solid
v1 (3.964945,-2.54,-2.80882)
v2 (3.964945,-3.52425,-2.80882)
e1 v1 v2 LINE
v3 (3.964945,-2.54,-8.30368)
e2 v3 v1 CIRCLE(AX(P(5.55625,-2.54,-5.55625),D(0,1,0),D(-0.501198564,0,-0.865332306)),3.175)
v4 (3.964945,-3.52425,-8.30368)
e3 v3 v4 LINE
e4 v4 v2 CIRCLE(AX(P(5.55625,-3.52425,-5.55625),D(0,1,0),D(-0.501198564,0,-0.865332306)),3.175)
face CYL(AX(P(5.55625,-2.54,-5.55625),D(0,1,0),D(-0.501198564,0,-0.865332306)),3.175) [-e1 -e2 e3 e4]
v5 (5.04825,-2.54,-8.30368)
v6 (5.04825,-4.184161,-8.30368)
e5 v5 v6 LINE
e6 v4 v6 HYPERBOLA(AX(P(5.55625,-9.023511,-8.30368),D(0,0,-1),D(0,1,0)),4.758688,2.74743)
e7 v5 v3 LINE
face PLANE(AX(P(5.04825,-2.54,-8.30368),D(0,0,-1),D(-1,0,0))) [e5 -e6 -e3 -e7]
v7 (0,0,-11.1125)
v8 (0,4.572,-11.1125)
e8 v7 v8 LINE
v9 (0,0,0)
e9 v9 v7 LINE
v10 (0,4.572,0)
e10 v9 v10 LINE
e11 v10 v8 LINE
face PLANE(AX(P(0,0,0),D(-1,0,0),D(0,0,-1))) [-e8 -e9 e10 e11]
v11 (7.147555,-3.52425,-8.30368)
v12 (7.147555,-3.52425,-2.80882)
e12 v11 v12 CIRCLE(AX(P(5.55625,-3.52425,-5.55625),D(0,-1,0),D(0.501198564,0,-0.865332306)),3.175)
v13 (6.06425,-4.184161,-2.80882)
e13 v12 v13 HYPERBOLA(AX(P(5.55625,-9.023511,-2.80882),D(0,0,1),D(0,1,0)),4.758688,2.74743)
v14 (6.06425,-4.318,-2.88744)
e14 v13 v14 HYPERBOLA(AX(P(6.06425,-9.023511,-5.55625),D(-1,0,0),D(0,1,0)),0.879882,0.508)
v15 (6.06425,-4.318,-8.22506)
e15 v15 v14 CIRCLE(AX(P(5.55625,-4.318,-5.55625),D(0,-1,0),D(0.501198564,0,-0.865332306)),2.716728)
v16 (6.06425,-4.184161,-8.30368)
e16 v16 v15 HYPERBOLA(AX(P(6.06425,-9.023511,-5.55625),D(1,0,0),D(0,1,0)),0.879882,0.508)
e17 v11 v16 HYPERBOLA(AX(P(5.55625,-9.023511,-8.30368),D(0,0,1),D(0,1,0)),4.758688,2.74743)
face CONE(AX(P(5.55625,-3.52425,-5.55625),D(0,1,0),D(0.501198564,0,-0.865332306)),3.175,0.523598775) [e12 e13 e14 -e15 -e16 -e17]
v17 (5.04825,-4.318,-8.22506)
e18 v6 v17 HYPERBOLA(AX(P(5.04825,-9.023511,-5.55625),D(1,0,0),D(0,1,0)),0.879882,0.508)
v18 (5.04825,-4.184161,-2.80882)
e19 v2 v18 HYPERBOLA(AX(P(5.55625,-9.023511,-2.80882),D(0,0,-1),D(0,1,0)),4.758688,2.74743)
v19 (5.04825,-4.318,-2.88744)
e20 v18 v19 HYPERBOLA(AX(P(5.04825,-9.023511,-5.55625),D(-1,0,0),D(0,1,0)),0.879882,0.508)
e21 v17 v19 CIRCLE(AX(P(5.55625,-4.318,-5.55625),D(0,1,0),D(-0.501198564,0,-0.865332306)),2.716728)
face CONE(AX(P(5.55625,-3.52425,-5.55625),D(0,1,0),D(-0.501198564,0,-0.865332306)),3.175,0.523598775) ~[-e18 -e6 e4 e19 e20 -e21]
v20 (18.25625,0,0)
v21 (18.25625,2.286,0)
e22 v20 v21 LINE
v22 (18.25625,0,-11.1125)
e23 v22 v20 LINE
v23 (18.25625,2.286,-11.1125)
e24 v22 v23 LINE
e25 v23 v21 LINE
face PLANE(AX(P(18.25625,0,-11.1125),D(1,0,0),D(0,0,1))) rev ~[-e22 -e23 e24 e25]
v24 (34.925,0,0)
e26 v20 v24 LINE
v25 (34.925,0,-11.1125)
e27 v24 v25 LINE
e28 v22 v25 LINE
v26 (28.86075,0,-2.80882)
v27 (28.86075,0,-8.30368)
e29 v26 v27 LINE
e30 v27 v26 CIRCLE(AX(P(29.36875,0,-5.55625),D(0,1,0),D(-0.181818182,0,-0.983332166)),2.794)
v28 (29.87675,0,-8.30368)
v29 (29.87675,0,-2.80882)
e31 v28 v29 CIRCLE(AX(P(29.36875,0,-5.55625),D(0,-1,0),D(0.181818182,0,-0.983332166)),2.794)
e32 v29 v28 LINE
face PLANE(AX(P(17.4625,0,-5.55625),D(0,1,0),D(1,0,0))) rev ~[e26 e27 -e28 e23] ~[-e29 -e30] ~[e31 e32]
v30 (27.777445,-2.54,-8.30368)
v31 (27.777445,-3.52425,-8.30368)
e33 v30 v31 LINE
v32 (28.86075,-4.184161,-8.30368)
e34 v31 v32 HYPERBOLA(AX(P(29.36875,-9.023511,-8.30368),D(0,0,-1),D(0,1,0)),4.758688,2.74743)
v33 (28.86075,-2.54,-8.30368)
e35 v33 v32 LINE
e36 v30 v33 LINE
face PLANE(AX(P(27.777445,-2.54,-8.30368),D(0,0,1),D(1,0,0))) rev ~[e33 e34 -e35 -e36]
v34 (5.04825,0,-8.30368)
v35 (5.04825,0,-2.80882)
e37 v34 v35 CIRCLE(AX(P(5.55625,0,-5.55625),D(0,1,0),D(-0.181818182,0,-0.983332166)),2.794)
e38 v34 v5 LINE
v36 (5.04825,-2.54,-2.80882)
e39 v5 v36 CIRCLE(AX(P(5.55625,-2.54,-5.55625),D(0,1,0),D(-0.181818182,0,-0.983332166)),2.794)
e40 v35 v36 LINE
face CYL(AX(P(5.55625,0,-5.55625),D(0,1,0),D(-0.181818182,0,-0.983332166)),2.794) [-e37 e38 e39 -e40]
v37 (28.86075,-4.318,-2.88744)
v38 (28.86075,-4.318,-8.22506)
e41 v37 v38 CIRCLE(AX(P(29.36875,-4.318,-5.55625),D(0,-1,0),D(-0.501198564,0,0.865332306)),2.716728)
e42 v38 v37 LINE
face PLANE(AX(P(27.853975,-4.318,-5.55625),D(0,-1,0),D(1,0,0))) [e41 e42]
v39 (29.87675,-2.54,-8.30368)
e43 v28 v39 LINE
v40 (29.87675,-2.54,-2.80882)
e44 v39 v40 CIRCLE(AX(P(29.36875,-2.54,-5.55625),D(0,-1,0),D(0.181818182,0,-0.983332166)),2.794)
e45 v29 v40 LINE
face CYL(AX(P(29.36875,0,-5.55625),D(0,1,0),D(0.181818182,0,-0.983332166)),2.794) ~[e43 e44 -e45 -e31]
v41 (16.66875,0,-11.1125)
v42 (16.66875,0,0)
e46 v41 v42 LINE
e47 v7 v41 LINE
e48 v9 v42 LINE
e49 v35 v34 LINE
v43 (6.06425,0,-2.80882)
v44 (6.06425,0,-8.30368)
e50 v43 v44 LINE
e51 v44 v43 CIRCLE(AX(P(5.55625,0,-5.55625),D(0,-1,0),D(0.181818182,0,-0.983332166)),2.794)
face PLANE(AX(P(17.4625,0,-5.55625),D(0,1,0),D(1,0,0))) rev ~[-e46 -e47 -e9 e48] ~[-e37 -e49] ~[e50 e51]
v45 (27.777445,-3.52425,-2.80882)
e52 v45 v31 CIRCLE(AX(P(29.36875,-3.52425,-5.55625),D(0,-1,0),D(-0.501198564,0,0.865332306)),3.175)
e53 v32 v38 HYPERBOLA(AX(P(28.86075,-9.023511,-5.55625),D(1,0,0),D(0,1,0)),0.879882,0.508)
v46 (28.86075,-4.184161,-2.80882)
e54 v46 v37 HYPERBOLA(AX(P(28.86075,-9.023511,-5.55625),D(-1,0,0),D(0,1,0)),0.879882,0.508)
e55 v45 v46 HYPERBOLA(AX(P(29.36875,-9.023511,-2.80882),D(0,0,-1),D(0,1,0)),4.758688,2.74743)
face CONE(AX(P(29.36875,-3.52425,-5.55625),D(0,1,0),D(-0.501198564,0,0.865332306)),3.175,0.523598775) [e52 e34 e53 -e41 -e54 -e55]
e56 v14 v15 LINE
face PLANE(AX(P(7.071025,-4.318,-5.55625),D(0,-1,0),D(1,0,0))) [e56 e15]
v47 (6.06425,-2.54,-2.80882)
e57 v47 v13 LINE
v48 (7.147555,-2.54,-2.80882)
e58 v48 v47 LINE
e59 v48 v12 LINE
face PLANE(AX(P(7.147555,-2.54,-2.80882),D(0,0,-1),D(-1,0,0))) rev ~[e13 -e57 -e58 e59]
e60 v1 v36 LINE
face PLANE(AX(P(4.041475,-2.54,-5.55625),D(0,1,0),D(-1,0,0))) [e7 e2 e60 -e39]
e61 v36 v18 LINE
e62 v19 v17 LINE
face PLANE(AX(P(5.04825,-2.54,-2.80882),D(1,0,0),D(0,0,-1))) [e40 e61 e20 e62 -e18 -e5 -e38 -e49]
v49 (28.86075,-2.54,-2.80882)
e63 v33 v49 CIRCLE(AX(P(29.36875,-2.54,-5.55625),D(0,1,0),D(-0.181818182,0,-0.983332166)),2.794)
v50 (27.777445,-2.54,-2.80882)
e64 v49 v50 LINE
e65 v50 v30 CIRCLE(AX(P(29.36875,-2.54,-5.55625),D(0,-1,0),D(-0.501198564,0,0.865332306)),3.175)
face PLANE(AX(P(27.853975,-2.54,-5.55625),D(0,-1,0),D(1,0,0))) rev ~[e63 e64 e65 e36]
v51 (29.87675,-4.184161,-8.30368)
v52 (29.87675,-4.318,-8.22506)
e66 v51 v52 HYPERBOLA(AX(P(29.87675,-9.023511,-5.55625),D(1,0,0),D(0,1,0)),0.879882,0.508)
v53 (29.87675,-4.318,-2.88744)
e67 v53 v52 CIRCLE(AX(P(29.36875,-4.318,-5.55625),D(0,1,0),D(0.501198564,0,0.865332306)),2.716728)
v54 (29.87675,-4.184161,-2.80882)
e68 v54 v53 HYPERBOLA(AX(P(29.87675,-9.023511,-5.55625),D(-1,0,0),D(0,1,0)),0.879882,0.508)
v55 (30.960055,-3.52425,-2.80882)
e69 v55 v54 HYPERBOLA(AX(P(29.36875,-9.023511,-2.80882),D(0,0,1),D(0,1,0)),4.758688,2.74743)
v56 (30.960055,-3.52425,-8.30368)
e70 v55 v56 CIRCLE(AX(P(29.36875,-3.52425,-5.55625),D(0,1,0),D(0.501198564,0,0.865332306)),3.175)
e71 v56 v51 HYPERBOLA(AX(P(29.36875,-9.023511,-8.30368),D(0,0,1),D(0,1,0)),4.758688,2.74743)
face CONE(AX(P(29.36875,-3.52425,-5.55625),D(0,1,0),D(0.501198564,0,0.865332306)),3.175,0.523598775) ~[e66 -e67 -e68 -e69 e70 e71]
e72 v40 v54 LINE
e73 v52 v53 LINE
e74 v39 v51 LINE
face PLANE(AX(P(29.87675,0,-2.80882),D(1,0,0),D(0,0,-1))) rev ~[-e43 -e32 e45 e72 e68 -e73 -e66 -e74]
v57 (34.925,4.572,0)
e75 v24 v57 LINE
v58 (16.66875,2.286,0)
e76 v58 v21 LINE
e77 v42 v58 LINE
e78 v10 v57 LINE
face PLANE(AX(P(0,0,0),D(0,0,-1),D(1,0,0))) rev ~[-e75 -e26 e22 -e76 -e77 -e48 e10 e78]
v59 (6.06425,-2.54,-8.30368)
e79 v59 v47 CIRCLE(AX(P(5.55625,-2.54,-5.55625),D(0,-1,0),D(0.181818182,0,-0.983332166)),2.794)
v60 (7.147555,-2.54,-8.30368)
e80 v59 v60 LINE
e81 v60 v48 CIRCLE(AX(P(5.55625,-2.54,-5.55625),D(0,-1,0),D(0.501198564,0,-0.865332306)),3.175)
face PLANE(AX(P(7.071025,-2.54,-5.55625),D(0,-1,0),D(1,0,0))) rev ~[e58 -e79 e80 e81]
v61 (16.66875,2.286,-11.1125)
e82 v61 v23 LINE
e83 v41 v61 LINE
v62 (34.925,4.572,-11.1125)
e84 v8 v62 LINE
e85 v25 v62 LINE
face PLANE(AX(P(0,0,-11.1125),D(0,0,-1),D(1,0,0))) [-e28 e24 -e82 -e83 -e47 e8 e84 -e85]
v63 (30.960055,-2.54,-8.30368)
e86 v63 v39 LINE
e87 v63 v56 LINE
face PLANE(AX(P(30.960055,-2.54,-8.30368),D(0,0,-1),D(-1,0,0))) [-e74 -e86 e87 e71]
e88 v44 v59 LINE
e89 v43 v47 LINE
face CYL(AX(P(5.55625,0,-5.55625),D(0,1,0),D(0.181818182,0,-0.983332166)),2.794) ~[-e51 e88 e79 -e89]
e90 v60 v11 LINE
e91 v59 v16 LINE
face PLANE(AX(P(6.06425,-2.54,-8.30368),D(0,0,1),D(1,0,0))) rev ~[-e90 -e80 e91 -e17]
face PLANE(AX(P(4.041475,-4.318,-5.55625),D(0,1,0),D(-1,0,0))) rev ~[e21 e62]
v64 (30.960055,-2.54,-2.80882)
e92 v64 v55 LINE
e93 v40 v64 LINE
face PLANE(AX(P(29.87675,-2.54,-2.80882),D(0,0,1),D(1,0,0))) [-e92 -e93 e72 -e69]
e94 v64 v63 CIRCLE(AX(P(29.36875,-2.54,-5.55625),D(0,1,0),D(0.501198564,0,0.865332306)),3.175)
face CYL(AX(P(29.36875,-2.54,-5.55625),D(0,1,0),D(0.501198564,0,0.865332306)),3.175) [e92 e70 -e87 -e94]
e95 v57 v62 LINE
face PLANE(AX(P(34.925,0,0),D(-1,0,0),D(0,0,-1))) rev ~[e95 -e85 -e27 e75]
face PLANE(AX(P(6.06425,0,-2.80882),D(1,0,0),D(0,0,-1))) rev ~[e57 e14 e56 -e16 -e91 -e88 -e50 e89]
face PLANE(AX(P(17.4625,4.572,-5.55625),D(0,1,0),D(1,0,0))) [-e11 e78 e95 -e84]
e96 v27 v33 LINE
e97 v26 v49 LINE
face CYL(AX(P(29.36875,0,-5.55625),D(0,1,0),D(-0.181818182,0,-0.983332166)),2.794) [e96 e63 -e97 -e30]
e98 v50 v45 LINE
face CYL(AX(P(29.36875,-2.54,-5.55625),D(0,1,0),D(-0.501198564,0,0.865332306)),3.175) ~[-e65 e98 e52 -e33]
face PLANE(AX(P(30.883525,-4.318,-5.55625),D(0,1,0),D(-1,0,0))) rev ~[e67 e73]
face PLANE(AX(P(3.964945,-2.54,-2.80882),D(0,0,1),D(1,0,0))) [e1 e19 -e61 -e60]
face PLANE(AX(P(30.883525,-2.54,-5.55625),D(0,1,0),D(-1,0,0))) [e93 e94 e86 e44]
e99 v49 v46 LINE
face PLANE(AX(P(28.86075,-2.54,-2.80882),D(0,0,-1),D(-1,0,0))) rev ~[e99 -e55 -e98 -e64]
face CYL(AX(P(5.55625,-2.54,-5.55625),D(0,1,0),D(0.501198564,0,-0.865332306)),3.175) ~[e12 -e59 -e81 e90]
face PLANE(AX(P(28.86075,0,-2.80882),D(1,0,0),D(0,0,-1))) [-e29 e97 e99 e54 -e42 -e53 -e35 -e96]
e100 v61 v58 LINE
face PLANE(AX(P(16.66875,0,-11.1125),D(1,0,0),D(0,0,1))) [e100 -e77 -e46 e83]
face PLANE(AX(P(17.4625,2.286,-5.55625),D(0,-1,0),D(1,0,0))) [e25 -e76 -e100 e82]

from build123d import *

# Parameters (mm, degrees)
SKETCH1_W             = 34.925
SKETCH1_H             = 11.1125
BOSS_EXTRUDE1_DEPTH   = 4.572
SKETCH2_W             = 1.5875
SKETCH2_H             = 11.1125
CUT_EXTRUDE1_DEPTH    = 2.286
BOSS_EXTRUDE2_DEPTH   = 2.54
BOSS_EXTRUDE3_DEPTH   = 1.778
CHAMFER1_SIZE         = 0.79375
CHAMFER1_SIZE2        = 0.458271776
CHAMFER1_PART_2_SIZE  = 0.79375
CHAMFER1_PART_2_SIZE2 = 0.458271776
CHAMFER1_PART_3_SIZE  = 0.79375
CHAMFER1_PART_3_SIZE2 = 0.458271776
CHAMFER1_PART_4_SIZE  = 0.79375
CHAMFER1_PART_4_SIZE2 = 0.458271776


with BuildPart() as part:
    # Sketch1 → Boss-Extrude1 (new body)
    with BuildSketch(Plane(origin=(0, 0, 0), x_dir=(1, 0, 0), z_dir=(0, 1, 0))):
        with Locations((17.4625, 5.55625)):
            Rectangle(SKETCH1_W, SKETCH1_H)
    extrude(amount=BOSS_EXTRUDE1_DEPTH)

    # Sketch2 → Cut-Extrude1 (cut)
    with BuildSketch(Plane.XZ):
        with Locations((17.4625, -5.55625)):
            Rectangle(SKETCH2_W, SKETCH2_H)
    extrude(amount=-CUT_EXTRUDE1_DEPTH, mode=Mode.SUBTRACT)

    # Sketch3 → Boss-Extrude2 (add)
    with BuildSketch(Plane.XZ):
        with BuildLine():
            Line((5.04825, -2.808819928), (5.04825, -8.303680072))
            ThreePointArc((5.04825, -8.303680072), (2.76225, -5.55625), (5.04825, -2.808819928))
        make_face()
        with BuildLine():
            Line((6.06425, -2.808819928), (6.06425, -8.303680072))
            ThreePointArc((6.06425, -8.303680072), (8.35025, -5.55625), (6.06425, -2.808819928))
        make_face()
        with BuildLine():
            Line((28.86075, -2.808819928), (28.86075, -8.303680072))
            ThreePointArc((28.86075, -8.303680072), (26.57475, -5.55625), (28.86075, -2.808819928))
        make_face()
        with BuildLine():
            Line((29.87675, -2.808819928), (29.87675, -8.303680072))
            ThreePointArc((29.87675, -8.303680072), (32.16275, -5.55625), (29.87675, -2.808819928))
        make_face()
    extrude(amount=BOSS_EXTRUDE2_DEPTH)

    # Sketch4 → Boss-Extrude3 (add)
    with BuildSketch(Plane.XZ.offset(2.54)):
        with BuildLine():
            Line((5.04825, -2.808819928), (5.04825, -8.303680072))
            Line((5.04825, -8.303680072), (3.964944561, -8.303680072))
            ThreePointArc((3.964944561, -8.303680072), (2.38125, -5.55625), (3.964944561, -2.808819928))
            Line((3.964944561, -2.808819928), (5.04825, -2.808819928))
        make_face()
        with BuildLine():
            Line((6.06425, -2.808819928), (6.06425, -8.303680072))
            Line((6.06425, -8.303680072), (7.147555439, -8.303680072))
            ThreePointArc((7.147555439, -8.303680072), (8.73125, -5.55625), (7.147555439, -2.808819928))
            Line((7.147555439, -2.808819928), (6.06425, -2.808819928))
        make_face()
        with BuildLine():
            Line((28.86075, -2.808819928), (27.777444561, -2.808819928))
            ThreePointArc((27.777444561, -2.808819928), (26.19375, -5.55625), (27.777444561, -8.303680072))
            Line((27.777444561, -8.303680072), (28.86075, -8.303680072))
            Line((28.86075, -8.303680072), (28.86075, -2.808819928))
        make_face()
        with BuildLine():
            Line((29.87675, -2.808819928), (30.960055439, -2.808819928))
            ThreePointArc((30.960055439, -2.808819928), (32.54375, -5.55625), (30.960055439, -8.303680072))
            Line((30.960055439, -8.303680072), (29.87675, -8.303680072))
            Line((29.87675, -8.303680072), (29.87675, -2.808819928))
        make_face()
    extrude(amount=BOSS_EXTRUDE3_DEPTH)

    # Chamfer1
    chamfer1_edges = [part.edges().sort_by_distance(p)[0] for p in [
        (32.54375, -4.318, -5.55625),
    ]]
    chamfer1_side = [part.faces().sort_by_distance(p)[0] for p in [
        (32.54375, -3.429, -5.55625),
    ]]
    chamfer(chamfer1_edges, length=CHAMFER1_SIZE, length2=CHAMFER1_SIZE2, reference=chamfer1_side[0])

    # Chamfer1 part 2
    chamfer1_part_2_edges = [part.edges().sort_by_distance(p)[0] for p in [
        (26.19375, -4.318, -5.55625),
    ]]
    chamfer1_part_2_side = [part.faces().sort_by_distance(p)[0] for p in [
        (26.19375, -3.429, -5.55625),
    ]]
    chamfer(chamfer1_part_2_edges, length=CHAMFER1_PART_2_SIZE, length2=CHAMFER1_PART_2_SIZE2, reference=chamfer1_part_2_side[0])

    # Chamfer1 part 3
    chamfer1_part_3_edges = [part.edges().sort_by_distance(p)[0] for p in [
        (2.38125, -4.318, -5.55625),
    ]]
    chamfer1_part_3_side = [part.faces().sort_by_distance(p)[0] for p in [
        (2.38125, -3.429, -5.55625),
    ]]
    chamfer(chamfer1_part_3_edges, length=CHAMFER1_PART_3_SIZE, length2=CHAMFER1_PART_3_SIZE2, reference=chamfer1_part_3_side[0])

    # Chamfer1 part 4
    chamfer1_part_4_edges = [part.edges().sort_by_distance(p)[0] for p in [
        (8.73125, -4.318, -5.55625),
    ]]
    chamfer1_part_4_side = [part.faces().sort_by_distance(p)[0] for p in [
        (8.73125, -3.429, -5.55625),
    ]]
    chamfer(chamfer1_part_4_edges, length=CHAMFER1_PART_4_SIZE, length2=CHAMFER1_PART_4_SIZE2, reference=chamfer1_part_4_side[0])


solid = part.part
